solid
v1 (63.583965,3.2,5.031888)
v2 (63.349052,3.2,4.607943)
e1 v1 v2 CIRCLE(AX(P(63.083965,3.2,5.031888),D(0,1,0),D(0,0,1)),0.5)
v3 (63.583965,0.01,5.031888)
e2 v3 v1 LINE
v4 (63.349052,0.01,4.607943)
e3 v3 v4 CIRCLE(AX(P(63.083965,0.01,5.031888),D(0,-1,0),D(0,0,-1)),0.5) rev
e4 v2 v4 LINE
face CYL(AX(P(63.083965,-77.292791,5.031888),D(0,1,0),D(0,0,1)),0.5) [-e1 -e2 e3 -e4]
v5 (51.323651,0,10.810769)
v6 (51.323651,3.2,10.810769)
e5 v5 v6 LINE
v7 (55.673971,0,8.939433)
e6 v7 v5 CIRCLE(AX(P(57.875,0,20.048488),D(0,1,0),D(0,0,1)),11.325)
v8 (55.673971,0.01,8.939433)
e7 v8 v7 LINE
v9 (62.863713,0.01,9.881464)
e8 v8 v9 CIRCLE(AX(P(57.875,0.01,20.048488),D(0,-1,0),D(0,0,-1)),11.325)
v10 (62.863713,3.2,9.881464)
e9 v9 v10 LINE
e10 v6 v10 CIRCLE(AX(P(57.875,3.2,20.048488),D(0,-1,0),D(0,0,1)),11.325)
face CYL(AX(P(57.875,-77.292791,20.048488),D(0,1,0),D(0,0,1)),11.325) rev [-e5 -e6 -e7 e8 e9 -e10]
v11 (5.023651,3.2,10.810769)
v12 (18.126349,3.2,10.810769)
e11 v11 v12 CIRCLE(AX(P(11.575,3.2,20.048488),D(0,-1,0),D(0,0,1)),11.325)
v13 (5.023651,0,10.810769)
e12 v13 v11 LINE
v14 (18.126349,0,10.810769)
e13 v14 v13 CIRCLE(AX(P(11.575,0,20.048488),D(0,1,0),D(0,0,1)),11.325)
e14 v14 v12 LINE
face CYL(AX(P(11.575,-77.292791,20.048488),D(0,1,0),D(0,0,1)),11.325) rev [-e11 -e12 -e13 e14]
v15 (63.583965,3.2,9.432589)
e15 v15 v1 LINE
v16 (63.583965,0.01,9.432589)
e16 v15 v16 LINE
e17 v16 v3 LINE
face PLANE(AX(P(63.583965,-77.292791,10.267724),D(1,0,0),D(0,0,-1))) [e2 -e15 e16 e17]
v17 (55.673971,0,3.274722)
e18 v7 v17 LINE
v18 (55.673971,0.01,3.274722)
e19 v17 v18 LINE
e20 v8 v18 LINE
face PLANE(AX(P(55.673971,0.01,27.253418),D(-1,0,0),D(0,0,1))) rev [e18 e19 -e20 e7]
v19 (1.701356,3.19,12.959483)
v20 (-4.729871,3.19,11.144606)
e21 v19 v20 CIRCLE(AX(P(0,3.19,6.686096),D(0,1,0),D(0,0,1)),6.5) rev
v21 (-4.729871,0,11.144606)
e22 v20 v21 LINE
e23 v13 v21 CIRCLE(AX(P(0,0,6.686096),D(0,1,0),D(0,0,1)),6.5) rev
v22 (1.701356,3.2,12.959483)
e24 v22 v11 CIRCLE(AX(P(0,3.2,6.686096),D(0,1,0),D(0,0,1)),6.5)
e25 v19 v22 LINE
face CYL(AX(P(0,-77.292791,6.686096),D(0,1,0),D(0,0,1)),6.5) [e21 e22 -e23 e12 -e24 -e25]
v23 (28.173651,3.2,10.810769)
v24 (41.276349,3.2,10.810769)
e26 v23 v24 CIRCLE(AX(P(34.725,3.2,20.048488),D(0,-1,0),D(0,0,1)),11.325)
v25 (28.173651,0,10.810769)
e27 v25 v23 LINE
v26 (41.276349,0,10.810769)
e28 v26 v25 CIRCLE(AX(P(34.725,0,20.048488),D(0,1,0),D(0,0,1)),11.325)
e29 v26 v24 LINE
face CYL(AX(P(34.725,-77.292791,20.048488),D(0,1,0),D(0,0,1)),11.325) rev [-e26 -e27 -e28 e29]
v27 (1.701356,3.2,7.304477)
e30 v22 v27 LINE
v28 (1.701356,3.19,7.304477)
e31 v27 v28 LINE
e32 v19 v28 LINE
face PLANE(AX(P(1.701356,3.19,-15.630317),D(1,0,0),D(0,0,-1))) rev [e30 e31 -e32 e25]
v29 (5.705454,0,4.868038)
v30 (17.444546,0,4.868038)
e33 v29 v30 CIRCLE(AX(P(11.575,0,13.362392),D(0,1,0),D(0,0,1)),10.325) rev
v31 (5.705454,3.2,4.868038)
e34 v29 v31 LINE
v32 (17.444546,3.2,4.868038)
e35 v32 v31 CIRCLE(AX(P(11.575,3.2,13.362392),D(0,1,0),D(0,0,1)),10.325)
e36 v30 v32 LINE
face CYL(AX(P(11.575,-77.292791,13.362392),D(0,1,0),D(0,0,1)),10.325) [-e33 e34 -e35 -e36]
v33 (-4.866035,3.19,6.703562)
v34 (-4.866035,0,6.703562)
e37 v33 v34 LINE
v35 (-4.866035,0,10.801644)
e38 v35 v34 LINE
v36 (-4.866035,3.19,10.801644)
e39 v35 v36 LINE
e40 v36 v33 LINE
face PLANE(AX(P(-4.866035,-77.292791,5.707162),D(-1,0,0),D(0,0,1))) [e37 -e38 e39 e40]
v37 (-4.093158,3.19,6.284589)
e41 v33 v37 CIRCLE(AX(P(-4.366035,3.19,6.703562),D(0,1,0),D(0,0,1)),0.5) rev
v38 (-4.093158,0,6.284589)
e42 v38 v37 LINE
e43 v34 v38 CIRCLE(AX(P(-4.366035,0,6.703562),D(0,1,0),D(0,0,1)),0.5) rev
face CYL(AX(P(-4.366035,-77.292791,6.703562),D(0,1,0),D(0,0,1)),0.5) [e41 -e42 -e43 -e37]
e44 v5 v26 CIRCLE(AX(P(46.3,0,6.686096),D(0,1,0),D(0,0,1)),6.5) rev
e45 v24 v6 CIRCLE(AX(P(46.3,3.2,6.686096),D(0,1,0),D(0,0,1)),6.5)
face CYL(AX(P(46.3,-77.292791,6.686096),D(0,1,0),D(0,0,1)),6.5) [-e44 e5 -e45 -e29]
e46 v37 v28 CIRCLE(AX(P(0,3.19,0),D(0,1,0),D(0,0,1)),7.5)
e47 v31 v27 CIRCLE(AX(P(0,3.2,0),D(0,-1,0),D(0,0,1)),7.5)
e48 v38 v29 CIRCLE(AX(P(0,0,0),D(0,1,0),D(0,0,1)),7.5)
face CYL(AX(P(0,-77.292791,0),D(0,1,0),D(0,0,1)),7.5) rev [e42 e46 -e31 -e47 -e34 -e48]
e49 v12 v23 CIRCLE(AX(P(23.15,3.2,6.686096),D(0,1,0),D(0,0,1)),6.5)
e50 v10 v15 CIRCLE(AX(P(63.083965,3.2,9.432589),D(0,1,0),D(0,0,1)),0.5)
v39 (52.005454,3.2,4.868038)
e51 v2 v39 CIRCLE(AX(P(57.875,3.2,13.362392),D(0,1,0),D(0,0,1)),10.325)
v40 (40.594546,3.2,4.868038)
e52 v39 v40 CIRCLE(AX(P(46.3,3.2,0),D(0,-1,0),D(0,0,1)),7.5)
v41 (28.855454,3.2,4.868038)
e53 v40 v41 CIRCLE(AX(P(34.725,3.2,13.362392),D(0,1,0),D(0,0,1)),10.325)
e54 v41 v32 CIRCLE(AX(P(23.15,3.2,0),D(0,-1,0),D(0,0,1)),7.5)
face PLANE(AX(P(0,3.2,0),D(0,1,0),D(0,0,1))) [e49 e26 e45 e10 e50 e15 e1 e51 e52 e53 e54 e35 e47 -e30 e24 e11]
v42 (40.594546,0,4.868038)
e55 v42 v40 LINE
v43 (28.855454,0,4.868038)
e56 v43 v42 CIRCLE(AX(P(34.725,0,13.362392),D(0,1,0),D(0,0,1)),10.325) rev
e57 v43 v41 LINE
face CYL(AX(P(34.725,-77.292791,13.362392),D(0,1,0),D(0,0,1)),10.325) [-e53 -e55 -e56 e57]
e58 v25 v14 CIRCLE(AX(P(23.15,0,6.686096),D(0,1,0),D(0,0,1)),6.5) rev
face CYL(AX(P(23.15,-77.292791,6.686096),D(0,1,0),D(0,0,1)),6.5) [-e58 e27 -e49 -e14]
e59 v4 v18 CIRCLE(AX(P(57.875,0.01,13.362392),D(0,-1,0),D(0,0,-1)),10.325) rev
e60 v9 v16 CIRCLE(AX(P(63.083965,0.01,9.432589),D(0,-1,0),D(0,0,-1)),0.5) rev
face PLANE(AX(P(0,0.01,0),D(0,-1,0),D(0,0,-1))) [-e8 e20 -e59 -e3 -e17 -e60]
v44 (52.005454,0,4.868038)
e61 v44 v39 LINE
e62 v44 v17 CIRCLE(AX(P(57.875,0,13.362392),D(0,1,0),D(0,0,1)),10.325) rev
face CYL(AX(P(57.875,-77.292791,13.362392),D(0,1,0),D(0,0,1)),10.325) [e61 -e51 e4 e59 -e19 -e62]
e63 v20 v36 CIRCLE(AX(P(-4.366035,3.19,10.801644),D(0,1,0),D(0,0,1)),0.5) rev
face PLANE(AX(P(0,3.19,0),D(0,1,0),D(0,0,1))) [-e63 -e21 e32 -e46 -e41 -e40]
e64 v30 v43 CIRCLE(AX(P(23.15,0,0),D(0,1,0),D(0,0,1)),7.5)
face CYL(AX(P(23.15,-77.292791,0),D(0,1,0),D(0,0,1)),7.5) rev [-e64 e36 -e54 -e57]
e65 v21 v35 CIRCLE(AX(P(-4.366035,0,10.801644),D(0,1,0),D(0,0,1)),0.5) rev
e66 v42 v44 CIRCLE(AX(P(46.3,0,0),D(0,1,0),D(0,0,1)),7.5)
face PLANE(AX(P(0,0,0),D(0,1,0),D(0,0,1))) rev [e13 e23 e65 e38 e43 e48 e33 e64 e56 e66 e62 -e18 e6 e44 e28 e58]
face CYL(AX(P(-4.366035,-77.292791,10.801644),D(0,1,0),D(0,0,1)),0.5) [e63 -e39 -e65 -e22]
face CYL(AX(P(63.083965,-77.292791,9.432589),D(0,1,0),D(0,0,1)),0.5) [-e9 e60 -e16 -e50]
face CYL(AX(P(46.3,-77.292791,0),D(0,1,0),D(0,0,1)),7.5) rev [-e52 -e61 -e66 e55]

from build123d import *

# Parameters (mm, degrees)
BOSS_EXTRUDE1_DEPTH = 3.2
SKETCH2_W           = 75.494873271
SKETCH2_H           = 16.574066579
CUT_EXTRUDE1_DEPTH  = 3.2
FILLET1_R           = 0.5
SKETCH3_W           = 8.055614235
SKETCH3_H           = 25.854685688
CUT_EXTRUDE2_DEPTH  = 0.01
SKETCH4_W           = 14.500105624
SKETCH4_H           = 31.26063467
CUT_EXTRUDE3_DEPTH  = 0.01


with BuildPart() as part:
    # Sketch1 → Boss-Extrude1 (new body)
    with BuildSketch(Plane(origin=(0, 0, 0), x_dir=(1, 0, 0), z_dir=(0, 1, 0))):
        with BuildLine():
            ThreePointArc((51.666035076, -4.495071474), (57.875, -2.537392354), (64.083964924, -4.495071474))
            Line((64.083964924, -4.495071474), (64.083964924, -11.181167218))
            ThreePointArc((64.083964924, -11.181167218), (57.875, -9.223488098), (51.666035076, -11.181167218))
            ThreePointArc((51.666035076, -11.181167218), (46.3, -13.686095744), (40.933964924, -11.181167218))
            ThreePointArc((40.933964924, -11.181167218), (34.725, -9.223488098), (28.516035077, -11.181167218))
            ThreePointArc((28.516035077, -11.181167218), (23.15, -13.686095744), (17.783964924, -11.181167218))
            ThreePointArc((17.783964924, -11.181167218), (11.575, -9.223488098), (5.366035077, -11.181167218))
            ThreePointArc((5.366035077, -11.181167218), (0, -13.686095744), (-5.366035076, -11.181167218))
            Line((-5.366035076, -11.181167218), (-5.366035076, -4.495071474))
            ThreePointArc((-5.366035076, -4.495071474), (0, -7), (5.366035076, -4.495071474))
            ThreePointArc((5.366035076, -4.495071474), (11.575, -2.537392354), (17.783964924, -4.495071474))
            ThreePointArc((17.783964924, -4.495071474), (23.15, -7), (28.516035076, -4.495071474))
            ThreePointArc((28.516035076, -4.495071474), (34.725, -2.537392354), (40.933964924, -4.495071474))
            ThreePointArc((40.933964924, -4.495071474), (46.3, -7), (51.666035076, -4.495071474))
        make_face()
    extrude(amount=BOSS_EXTRUDE1_DEPTH)

    # Sketch2 → Cut-Extrude1 (cut)
    with BuildSketch(Plane(origin=(0, 3.2, 0), x_dir=(1, 0, 0), z_dir=(0, 1, 0))):
        with Locations((29.270514079, -6.984979931)):
            Rectangle(SKETCH2_W, SKETCH2_H)
        with BuildLine():
            Line((63.583964924, -10.267724094), (63.583964924, -4.759291488))
            ThreePointArc((63.583964924, -4.759291488), (57.778030808, -3.037847716), (52.005454008, -4.868038061))
            ThreePointArc((52.005454008, -4.868038061), (46.3, -7.5), (40.594545992, -4.868038061))
            ThreePointArc((40.594545992, -4.868038061), (34.725, -3.037392354), (28.855454008, -4.868038061))
            ThreePointArc((28.855454008, -4.868038061), (23.15, -7.5), (17.444545992, -4.868038061))
            ThreePointArc((17.444545992, -4.868038061), (11.575, -3.037392354), (5.705454008, -4.868038061))
            ThreePointArc((5.705454008, -4.868038061), (0.593454673, -7.476483903), (-4.866035076, -5.707162398))
            Line((-4.866035076, -5.707162398), (-4.866035076, -10.995585579))
            ThreePointArc((-4.866035076, -10.995585579), (0.121449449, -13.184961032), (5.023650974, -10.810769172))
            ThreePointArc((5.023650974, -10.810769172), (11.575, -8.723488098), (18.126349026, -10.810769172))
            ThreePointArc((18.126349026, -10.810769172), (23.15, -13.186095744), (28.173650974, -10.810769172))
            ThreePointArc((28.173650974, -10.810769172), (34.725, -8.723488098), (41.276349026, -10.810769172))
            ThreePointArc((41.276349026, -10.810769172), (46.3, -13.186095744), (51.323650974, -10.810769172))
            ThreePointArc((51.323650974, -10.810769172), (57.373874034, -8.734580825), (63.583964924, -10.267724094))
        make_face(mode=Mode.SUBTRACT)
    extrude(amount=-CUT_EXTRUDE1_DEPTH, mode=Mode.SUBTRACT)

    # Fillet1
    fillet1_edges = [part.edges().sort_by_distance(p)[0] for p in [
        (63.583964924, 1.6, 10.267724094),
        (63.583964924, 1.6, 4.759291488),
        (-4.866035076, 1.6, 5.707162398),
        (-4.866035076, 1.6, 10.995585579),
    ]]
    fillet(fillet1_edges, radius=FILLET1_R)

    # Sketch3 → Cut-Extrude2 (cut)
    with BuildSketch(Plane.XZ):
        with Locations((59.701778543, 14.32607503)):
            Rectangle(SKETCH3_W, SKETCH3_H)
    extrude(amount=-CUT_EXTRUDE2_DEPTH, mode=Mode.SUBTRACT)

    # Sketch4 → Cut-Extrude3 (cut)
    with BuildSketch(Plane(origin=(0, 3.2, 0), x_dir=(1, 0, 0), z_dir=(0, 1, 0))):
        with Locations((-5.548696762, 0)):
            Rectangle(SKETCH4_W, SKETCH4_H)
    extrude(amount=-CUT_EXTRUDE3_DEPTH, mode=Mode.SUBTRACT)


solid = part.part
